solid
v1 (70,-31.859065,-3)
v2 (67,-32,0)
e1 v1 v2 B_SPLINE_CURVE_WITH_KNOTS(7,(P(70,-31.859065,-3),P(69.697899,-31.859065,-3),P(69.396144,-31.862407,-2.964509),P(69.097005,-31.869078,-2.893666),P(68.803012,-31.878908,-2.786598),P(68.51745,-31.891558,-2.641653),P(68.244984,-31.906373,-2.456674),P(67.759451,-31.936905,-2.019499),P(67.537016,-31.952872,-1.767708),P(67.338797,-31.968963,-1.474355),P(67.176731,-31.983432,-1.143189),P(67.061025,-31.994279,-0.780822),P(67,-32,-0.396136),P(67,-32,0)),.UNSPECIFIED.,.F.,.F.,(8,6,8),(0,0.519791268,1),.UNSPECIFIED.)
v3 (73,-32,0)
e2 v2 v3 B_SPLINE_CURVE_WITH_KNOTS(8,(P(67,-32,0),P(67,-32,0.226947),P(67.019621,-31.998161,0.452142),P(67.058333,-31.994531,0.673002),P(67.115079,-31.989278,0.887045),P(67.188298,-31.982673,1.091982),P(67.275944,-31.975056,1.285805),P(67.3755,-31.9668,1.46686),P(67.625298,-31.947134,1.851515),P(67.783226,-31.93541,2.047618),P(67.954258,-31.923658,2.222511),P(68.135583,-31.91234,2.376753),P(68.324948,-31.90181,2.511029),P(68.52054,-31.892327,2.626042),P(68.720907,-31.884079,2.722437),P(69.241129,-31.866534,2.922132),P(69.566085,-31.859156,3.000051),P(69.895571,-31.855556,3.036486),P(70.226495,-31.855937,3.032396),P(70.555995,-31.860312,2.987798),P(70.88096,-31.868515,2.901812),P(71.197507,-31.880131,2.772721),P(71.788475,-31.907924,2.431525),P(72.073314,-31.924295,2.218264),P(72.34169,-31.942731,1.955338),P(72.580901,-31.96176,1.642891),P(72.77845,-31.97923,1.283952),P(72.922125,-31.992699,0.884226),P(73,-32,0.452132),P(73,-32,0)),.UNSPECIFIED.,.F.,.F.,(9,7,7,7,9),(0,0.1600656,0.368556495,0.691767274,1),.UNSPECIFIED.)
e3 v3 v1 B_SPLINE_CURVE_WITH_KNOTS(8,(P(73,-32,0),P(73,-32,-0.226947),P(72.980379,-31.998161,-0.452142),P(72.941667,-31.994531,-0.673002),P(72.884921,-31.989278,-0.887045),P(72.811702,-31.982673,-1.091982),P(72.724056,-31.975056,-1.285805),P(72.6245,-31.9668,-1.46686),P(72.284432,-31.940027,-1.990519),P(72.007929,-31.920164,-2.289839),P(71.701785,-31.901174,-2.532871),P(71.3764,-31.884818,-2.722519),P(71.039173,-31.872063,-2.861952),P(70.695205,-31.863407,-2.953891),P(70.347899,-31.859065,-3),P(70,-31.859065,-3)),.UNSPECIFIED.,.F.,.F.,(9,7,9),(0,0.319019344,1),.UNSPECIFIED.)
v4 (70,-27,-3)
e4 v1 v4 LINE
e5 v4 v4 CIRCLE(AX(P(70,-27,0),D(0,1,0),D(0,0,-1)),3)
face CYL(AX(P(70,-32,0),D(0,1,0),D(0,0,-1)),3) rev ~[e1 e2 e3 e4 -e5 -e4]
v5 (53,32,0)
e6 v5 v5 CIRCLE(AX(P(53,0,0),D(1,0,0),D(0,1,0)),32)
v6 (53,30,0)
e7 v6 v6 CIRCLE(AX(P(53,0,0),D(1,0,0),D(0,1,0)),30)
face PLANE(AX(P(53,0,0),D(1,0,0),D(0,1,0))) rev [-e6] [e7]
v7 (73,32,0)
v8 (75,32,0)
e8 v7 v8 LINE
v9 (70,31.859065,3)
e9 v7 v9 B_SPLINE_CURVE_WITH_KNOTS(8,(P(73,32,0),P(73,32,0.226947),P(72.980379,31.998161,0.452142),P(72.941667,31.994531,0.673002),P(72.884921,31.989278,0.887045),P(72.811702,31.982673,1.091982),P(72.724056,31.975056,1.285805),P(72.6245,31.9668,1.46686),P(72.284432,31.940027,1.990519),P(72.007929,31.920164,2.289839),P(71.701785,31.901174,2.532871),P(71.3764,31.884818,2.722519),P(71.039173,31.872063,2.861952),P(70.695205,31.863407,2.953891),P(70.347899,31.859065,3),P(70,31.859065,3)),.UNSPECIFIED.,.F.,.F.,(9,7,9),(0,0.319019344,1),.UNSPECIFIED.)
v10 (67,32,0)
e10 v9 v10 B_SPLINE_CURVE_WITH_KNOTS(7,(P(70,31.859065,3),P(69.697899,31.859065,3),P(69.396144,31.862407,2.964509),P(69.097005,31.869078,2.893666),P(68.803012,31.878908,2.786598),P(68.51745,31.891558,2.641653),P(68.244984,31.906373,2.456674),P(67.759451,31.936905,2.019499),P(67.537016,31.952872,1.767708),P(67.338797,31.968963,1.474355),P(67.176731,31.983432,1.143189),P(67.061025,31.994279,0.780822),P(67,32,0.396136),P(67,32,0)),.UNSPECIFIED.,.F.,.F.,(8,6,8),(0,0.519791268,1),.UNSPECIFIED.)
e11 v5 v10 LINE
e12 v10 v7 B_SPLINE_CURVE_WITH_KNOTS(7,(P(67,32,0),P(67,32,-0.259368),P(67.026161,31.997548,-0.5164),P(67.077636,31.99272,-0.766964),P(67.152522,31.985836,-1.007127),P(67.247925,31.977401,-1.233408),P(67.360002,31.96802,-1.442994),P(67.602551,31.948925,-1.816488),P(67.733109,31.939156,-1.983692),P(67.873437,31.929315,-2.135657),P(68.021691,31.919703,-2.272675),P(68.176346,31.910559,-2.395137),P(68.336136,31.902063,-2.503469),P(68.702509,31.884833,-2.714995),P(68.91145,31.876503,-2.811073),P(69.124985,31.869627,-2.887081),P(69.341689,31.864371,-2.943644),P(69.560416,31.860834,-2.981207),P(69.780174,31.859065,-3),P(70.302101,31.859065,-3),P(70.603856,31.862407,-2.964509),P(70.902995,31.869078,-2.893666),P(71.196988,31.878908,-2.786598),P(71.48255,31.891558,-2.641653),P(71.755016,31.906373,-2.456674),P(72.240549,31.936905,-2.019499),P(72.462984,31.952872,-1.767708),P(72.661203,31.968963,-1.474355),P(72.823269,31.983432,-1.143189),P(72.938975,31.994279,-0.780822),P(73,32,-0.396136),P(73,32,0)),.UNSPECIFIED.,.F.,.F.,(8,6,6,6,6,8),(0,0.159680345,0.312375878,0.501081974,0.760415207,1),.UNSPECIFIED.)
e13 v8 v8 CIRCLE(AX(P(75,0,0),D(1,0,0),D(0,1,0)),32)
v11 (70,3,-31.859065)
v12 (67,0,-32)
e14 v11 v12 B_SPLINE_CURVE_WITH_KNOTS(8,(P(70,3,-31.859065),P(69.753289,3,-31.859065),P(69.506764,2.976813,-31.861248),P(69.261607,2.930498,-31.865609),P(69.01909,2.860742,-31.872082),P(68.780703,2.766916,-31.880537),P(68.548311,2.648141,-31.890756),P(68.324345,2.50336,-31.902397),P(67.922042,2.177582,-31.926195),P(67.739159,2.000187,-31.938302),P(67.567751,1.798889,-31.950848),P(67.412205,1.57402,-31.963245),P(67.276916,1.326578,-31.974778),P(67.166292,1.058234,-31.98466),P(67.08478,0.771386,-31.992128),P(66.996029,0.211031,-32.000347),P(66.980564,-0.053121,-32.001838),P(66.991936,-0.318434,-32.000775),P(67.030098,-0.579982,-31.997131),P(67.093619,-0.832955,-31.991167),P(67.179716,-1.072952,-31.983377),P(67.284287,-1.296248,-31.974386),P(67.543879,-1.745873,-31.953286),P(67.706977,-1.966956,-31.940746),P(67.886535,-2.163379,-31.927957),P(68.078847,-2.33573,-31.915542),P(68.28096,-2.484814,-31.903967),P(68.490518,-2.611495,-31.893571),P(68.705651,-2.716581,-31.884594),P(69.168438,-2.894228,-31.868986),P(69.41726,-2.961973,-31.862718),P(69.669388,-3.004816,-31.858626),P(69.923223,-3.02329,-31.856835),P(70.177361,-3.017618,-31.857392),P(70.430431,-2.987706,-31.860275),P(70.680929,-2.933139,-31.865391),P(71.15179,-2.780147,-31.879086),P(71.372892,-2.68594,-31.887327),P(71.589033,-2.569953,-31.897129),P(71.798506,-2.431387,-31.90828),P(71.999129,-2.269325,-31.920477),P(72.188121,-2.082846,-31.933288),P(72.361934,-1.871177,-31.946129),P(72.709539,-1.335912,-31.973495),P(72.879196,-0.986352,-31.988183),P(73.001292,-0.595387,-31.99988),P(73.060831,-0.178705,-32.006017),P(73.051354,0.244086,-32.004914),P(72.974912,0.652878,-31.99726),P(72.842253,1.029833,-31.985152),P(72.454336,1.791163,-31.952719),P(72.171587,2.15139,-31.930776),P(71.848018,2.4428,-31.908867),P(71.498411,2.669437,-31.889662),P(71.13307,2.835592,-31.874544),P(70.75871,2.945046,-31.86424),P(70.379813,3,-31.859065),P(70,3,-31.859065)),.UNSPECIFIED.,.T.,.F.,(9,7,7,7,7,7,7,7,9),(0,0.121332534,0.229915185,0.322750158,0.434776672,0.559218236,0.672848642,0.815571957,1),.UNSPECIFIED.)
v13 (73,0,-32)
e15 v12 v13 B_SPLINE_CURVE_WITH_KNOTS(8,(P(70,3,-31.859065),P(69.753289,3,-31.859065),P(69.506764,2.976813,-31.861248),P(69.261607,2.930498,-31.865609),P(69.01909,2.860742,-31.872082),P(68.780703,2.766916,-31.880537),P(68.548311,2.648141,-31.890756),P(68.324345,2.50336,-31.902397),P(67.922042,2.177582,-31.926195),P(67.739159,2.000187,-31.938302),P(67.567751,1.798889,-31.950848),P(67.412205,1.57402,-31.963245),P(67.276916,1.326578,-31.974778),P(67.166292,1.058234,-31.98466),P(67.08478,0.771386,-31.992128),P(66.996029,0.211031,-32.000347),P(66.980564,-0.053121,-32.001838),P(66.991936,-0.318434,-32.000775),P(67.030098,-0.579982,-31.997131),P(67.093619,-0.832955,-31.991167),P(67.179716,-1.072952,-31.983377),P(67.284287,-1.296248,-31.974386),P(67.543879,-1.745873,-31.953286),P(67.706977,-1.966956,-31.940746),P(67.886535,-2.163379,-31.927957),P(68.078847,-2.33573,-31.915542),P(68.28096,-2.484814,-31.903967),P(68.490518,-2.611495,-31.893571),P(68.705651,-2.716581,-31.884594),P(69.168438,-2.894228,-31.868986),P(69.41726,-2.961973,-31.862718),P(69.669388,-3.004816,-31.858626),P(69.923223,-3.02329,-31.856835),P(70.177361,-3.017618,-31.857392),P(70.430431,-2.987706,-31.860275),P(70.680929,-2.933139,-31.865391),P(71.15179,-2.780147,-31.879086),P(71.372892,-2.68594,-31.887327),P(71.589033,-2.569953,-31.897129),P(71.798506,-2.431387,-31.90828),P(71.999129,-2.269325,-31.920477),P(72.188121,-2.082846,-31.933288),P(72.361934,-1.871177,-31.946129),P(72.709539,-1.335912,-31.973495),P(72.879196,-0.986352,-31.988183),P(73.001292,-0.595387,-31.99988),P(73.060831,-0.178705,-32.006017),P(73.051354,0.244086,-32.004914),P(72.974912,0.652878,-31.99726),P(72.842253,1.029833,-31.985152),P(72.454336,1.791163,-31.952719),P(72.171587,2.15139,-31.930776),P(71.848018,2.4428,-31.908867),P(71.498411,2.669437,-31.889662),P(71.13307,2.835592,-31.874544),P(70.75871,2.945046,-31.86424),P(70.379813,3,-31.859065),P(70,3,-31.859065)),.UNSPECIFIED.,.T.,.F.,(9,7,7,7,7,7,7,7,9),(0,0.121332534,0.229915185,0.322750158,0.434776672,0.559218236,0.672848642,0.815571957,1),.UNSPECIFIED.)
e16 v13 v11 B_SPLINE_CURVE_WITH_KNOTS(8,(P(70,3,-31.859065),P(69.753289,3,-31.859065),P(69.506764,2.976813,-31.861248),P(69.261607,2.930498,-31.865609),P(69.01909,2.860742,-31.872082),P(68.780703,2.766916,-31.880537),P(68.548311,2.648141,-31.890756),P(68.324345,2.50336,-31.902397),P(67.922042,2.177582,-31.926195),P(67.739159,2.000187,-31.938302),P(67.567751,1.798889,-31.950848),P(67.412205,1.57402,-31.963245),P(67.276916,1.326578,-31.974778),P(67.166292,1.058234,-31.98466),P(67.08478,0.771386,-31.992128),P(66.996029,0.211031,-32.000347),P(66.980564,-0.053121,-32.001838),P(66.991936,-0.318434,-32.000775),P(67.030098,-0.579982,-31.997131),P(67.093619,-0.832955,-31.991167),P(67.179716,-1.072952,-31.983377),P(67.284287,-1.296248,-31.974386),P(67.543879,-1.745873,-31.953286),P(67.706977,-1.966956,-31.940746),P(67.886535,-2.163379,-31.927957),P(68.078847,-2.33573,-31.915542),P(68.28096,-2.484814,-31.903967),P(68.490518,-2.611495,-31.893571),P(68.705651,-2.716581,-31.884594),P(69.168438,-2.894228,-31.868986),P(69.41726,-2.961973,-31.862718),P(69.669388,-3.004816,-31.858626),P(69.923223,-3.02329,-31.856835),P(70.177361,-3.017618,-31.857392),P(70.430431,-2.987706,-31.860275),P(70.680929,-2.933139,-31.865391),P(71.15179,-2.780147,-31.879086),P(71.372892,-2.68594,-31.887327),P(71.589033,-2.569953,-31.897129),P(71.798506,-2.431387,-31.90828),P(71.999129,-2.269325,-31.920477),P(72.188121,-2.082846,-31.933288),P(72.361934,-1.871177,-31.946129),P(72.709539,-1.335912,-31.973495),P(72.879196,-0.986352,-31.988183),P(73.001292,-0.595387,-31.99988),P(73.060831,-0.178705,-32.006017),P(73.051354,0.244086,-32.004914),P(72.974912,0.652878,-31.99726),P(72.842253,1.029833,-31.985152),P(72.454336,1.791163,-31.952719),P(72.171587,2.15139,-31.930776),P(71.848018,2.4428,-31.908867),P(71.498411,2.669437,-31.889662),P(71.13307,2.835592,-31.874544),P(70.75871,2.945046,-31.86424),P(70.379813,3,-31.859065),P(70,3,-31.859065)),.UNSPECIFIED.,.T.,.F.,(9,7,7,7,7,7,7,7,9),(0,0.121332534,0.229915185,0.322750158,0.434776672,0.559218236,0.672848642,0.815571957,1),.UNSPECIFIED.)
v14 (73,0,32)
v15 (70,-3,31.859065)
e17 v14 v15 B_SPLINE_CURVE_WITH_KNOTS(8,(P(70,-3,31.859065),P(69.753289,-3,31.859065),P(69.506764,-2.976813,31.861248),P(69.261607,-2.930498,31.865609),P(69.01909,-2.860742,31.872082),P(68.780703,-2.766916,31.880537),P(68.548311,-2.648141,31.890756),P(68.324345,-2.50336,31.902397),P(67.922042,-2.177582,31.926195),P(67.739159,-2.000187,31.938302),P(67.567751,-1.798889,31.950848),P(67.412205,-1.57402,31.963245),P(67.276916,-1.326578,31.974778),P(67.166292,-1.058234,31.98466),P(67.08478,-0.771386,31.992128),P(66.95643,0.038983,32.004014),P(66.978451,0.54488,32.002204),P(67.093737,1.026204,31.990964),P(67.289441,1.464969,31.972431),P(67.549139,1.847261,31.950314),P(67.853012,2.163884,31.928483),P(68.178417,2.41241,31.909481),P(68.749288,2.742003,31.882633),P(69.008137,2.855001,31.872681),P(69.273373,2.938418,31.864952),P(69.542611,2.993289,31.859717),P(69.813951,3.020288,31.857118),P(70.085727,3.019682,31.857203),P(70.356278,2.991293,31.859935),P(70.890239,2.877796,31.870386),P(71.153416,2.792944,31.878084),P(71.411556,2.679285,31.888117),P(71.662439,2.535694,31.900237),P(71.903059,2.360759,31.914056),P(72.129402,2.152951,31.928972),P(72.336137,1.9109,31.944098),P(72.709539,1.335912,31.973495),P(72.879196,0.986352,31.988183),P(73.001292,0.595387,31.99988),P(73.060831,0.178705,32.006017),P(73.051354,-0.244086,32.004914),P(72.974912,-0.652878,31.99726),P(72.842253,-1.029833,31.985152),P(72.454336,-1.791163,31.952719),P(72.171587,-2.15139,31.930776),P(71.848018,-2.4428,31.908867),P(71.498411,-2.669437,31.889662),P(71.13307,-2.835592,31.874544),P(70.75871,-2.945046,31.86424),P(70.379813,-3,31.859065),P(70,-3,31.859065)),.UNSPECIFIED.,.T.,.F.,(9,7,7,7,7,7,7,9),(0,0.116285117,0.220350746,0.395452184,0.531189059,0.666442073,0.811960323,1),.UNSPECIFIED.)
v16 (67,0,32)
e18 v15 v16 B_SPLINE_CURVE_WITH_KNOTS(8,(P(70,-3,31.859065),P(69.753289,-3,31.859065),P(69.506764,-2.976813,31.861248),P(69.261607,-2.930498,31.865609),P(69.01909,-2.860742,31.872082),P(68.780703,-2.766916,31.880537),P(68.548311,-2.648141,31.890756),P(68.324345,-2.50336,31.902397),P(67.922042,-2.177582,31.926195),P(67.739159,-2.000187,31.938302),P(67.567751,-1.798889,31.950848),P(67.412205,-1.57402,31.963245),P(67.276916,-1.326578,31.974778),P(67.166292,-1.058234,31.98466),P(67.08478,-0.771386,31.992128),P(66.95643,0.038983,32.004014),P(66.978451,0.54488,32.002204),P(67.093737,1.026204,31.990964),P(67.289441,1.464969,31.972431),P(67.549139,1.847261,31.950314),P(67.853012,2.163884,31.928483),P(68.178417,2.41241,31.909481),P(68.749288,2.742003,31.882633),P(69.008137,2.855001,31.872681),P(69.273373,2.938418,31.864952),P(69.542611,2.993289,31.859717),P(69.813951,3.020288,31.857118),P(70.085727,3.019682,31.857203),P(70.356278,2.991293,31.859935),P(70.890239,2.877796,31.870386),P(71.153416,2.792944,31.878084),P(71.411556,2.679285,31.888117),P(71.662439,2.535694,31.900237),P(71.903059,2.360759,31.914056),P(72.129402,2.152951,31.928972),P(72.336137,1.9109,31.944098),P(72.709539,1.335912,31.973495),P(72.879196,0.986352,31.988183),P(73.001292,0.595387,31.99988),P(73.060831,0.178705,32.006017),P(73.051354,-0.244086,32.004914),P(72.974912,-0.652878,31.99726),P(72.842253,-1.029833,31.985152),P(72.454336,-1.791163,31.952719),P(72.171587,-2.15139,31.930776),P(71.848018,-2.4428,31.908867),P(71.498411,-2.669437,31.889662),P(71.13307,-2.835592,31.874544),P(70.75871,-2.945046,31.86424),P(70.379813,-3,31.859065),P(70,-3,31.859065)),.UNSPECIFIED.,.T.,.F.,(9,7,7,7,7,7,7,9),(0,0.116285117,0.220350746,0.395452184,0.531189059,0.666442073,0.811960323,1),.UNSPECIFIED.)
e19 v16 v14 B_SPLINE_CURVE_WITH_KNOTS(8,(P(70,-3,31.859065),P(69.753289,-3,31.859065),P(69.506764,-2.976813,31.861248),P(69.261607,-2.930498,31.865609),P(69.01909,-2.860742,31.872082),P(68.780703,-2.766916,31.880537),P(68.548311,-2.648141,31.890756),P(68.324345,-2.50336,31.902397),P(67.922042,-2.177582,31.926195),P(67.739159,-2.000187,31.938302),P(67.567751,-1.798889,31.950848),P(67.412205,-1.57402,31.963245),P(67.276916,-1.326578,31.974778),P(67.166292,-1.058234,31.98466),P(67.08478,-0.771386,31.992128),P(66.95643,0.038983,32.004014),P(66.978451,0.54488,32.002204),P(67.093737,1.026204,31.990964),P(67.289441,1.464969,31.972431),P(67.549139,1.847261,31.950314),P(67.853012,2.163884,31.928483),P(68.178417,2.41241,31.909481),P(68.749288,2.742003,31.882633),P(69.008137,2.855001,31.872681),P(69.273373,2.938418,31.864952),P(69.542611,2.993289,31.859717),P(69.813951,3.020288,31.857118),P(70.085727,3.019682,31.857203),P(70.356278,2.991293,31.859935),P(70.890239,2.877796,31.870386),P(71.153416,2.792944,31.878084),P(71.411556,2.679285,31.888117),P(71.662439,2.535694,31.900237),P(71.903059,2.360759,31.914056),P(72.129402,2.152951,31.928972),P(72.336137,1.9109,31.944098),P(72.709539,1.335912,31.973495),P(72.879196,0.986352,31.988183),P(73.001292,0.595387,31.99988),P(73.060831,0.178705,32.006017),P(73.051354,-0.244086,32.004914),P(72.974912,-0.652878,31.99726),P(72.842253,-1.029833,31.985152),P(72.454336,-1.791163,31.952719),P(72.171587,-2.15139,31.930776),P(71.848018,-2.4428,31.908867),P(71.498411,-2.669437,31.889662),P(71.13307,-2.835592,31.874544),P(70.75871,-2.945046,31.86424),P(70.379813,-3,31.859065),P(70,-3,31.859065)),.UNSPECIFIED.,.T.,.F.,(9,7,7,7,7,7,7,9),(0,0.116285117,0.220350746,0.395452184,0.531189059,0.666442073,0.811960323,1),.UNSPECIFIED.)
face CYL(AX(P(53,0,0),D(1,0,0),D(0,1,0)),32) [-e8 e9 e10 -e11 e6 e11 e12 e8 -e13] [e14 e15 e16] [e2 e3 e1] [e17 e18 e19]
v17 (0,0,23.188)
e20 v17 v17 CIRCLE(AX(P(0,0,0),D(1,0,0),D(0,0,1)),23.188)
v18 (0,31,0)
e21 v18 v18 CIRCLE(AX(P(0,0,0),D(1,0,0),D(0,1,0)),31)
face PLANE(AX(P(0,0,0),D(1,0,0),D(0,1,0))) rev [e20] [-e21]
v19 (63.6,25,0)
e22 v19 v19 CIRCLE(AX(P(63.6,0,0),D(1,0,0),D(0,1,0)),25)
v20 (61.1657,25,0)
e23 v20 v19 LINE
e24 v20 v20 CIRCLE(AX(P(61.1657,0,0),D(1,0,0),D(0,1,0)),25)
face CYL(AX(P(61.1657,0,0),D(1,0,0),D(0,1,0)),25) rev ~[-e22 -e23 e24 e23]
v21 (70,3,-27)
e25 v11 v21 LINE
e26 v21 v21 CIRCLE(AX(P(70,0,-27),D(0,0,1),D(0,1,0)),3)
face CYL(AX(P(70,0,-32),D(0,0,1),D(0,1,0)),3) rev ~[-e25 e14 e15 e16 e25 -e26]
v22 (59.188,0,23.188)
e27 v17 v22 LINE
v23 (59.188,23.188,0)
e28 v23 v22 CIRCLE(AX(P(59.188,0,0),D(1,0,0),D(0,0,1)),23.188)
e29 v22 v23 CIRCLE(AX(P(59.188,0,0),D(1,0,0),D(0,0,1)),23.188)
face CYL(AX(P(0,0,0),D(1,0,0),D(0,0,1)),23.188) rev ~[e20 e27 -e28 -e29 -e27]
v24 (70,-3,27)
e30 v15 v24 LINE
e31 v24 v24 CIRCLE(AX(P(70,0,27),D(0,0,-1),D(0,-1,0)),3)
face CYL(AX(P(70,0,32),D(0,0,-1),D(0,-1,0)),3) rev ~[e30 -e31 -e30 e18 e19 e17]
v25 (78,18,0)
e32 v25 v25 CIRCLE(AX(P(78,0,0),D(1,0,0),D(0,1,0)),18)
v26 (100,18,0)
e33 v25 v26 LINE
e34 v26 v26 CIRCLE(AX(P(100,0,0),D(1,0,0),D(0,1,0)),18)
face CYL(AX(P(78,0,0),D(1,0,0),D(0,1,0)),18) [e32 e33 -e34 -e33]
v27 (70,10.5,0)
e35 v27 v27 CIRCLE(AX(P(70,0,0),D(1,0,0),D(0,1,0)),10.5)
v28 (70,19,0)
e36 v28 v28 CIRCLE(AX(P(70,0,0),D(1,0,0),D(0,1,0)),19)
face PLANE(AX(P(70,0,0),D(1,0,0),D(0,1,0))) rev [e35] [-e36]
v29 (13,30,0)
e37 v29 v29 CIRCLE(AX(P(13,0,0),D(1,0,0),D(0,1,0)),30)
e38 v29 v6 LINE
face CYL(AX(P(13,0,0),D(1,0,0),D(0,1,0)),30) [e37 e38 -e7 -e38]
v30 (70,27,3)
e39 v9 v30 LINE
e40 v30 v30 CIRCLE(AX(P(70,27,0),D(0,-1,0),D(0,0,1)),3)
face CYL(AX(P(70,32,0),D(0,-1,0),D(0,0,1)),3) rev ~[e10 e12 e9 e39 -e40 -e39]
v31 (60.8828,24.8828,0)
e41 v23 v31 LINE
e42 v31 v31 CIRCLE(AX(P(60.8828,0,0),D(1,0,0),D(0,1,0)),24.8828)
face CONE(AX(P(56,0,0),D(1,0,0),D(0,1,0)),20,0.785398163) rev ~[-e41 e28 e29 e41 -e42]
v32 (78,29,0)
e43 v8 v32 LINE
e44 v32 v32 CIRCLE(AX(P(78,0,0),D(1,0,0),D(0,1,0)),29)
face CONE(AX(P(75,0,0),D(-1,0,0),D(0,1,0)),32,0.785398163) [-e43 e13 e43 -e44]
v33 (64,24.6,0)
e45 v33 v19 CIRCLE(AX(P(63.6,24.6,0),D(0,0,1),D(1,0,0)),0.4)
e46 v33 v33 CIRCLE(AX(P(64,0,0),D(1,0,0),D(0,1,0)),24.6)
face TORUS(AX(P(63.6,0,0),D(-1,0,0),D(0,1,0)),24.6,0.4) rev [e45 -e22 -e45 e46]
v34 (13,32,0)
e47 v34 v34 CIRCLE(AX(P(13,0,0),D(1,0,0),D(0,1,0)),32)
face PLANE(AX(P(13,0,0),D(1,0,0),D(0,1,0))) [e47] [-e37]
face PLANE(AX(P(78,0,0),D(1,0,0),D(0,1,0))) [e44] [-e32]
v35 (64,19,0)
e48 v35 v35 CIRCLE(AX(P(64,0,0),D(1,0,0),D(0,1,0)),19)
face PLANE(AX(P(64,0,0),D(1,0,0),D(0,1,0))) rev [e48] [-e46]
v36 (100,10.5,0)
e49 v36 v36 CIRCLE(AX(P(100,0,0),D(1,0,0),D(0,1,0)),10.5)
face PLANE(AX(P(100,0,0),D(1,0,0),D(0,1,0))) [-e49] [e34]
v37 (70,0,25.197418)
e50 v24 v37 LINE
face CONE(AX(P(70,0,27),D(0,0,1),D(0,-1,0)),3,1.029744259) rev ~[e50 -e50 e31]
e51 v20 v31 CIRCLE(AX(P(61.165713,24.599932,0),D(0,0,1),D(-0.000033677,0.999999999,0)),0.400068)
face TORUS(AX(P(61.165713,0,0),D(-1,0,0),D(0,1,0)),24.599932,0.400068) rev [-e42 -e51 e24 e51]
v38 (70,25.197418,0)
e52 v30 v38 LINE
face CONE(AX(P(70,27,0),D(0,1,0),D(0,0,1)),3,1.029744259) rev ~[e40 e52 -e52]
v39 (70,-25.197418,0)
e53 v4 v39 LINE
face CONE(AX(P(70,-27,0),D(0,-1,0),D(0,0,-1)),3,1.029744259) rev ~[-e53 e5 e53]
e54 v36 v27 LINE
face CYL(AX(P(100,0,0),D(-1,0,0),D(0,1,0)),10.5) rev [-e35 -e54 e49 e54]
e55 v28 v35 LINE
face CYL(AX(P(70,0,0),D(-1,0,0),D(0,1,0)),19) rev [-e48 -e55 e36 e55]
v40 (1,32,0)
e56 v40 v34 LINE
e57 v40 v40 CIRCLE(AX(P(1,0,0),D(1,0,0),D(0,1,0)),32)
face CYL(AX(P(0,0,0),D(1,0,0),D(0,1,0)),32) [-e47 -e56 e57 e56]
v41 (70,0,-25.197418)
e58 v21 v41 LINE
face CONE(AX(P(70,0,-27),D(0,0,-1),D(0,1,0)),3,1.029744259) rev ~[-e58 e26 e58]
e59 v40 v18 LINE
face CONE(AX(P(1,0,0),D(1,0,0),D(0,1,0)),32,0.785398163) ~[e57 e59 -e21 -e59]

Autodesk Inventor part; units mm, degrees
ref_plane "YZ Plane" through (0, 0, 0) normal (1, 0, 0) x (0, 1, 0)
ref_plane "XY Plane" through (0, 0, 0) normal (0, 0, 1) x (1, 0, 0)
sketch "Эскиз1" plane through (0, 0, 0) normal (0, 0, 1) x (1, 0, 0)
  line L0 (0, 0) -> (100, 0)
  line L1 (0, 20) -> (0, 32)
  line L2 (0, 32) -> (13, 32)
  line L3 (13, 32) -> (13, 30)
  line L4 (13, 30) -> (53, 30)
  line L5 (53, 30) -> (53, 32)
  line L6 (53, 32) -> (78, 32)
  line L7 (78, 32) -> (78, 18)
  line L8 (78, 18) -> (100, 18)
  line L9 (100, 18) -> (100, 10.5)
  line L10 (100, 10.5) -> (70, 10.5)
  line L11 (70, 10.5) -> (70, 19)
  line L12 (70, 19) -> (64, 19)
  line L13 (64, 19) -> (64, 24.6)
  line L14 (0, 20) -> (56, 20)
  line L15 (56, 20) -> (60.8828, 24.8828)
  line L16 (61.1657, 25) -> (63.6, 25)
  arc A0 (61.1657, 25) -> (60.8828, 24.8828) centre (61.1657, 24.6) ccw
  arc A1 (64, 24.6) -> (63.6, 25) centre (63.6, 24.6) ccw
  point P0 (64, 25)
  point P1 (61, 25)
  dimension "d2" = 100
  dimension "d3" = 40
  dimension "d4" = 25
  dimension "d5" = 22
  dimension "d6" = 21
  dimension "d7" = 36
  dimension "d11" = 38
  dimension "d12" = 6
  dimension "d13" = 64
  dimension "d14" = 64
  dimension "d15" = 60
  dimension "d16" = 45
  dimension "d18" = 3
  dimension "d19" = 0.4
  dimension "d20" = 50
  dimension "d21" = 40
revolve "Вращение1" add sketch "Эскиз1" angle 360 about axis through (0, 0, 0) along (1, 0, 0)
sketch "Эскиз2" plane through (0, 0, 0) normal (-1, 0, 0) x (0, 0, 1)
  circle A0 centre (0, 0) radius 32 projected
hole "Отверстие1" at (0, 0, 0) direction (1, 0, 0) diameter 46.376 depth 61 thread size "M48x1.5" class "6H" standard "ISO Metric profile"
ref_plane "РабПлоскость1" through (65.5, 32, 0) normal (0, 1, 0) x (-1, 0, 0)
sketch "Эскиз3" plane through (65.5, 32, 0) normal (0, 1, 0) x (-1, 0, 0)
  line L0 (-12.5, 32) -> (-12.5, -32) projected
  point P0 (65.5, 0)
  point P1 (-4.5, 0)
  dimension "d29" = 8
hole "Отверстие2" at (70, 32, 0) direction (0, -1, 0) diameter 6 depth 5 tip angle 118
pattern_circular "Круговой массив1" count 4 over 360 about axis through (65.5, 0, 0) along (1, 0, 0) of "Отверстие2"
chamfer "Фаска1" distance 3 angle 45 1 edges at (78, -32, 0)
chamfer "Фаска2" distance 1 angle 45 1 edges at (0, -32, 0)
properties part number "05.01.006" material "Чугун, серый"
